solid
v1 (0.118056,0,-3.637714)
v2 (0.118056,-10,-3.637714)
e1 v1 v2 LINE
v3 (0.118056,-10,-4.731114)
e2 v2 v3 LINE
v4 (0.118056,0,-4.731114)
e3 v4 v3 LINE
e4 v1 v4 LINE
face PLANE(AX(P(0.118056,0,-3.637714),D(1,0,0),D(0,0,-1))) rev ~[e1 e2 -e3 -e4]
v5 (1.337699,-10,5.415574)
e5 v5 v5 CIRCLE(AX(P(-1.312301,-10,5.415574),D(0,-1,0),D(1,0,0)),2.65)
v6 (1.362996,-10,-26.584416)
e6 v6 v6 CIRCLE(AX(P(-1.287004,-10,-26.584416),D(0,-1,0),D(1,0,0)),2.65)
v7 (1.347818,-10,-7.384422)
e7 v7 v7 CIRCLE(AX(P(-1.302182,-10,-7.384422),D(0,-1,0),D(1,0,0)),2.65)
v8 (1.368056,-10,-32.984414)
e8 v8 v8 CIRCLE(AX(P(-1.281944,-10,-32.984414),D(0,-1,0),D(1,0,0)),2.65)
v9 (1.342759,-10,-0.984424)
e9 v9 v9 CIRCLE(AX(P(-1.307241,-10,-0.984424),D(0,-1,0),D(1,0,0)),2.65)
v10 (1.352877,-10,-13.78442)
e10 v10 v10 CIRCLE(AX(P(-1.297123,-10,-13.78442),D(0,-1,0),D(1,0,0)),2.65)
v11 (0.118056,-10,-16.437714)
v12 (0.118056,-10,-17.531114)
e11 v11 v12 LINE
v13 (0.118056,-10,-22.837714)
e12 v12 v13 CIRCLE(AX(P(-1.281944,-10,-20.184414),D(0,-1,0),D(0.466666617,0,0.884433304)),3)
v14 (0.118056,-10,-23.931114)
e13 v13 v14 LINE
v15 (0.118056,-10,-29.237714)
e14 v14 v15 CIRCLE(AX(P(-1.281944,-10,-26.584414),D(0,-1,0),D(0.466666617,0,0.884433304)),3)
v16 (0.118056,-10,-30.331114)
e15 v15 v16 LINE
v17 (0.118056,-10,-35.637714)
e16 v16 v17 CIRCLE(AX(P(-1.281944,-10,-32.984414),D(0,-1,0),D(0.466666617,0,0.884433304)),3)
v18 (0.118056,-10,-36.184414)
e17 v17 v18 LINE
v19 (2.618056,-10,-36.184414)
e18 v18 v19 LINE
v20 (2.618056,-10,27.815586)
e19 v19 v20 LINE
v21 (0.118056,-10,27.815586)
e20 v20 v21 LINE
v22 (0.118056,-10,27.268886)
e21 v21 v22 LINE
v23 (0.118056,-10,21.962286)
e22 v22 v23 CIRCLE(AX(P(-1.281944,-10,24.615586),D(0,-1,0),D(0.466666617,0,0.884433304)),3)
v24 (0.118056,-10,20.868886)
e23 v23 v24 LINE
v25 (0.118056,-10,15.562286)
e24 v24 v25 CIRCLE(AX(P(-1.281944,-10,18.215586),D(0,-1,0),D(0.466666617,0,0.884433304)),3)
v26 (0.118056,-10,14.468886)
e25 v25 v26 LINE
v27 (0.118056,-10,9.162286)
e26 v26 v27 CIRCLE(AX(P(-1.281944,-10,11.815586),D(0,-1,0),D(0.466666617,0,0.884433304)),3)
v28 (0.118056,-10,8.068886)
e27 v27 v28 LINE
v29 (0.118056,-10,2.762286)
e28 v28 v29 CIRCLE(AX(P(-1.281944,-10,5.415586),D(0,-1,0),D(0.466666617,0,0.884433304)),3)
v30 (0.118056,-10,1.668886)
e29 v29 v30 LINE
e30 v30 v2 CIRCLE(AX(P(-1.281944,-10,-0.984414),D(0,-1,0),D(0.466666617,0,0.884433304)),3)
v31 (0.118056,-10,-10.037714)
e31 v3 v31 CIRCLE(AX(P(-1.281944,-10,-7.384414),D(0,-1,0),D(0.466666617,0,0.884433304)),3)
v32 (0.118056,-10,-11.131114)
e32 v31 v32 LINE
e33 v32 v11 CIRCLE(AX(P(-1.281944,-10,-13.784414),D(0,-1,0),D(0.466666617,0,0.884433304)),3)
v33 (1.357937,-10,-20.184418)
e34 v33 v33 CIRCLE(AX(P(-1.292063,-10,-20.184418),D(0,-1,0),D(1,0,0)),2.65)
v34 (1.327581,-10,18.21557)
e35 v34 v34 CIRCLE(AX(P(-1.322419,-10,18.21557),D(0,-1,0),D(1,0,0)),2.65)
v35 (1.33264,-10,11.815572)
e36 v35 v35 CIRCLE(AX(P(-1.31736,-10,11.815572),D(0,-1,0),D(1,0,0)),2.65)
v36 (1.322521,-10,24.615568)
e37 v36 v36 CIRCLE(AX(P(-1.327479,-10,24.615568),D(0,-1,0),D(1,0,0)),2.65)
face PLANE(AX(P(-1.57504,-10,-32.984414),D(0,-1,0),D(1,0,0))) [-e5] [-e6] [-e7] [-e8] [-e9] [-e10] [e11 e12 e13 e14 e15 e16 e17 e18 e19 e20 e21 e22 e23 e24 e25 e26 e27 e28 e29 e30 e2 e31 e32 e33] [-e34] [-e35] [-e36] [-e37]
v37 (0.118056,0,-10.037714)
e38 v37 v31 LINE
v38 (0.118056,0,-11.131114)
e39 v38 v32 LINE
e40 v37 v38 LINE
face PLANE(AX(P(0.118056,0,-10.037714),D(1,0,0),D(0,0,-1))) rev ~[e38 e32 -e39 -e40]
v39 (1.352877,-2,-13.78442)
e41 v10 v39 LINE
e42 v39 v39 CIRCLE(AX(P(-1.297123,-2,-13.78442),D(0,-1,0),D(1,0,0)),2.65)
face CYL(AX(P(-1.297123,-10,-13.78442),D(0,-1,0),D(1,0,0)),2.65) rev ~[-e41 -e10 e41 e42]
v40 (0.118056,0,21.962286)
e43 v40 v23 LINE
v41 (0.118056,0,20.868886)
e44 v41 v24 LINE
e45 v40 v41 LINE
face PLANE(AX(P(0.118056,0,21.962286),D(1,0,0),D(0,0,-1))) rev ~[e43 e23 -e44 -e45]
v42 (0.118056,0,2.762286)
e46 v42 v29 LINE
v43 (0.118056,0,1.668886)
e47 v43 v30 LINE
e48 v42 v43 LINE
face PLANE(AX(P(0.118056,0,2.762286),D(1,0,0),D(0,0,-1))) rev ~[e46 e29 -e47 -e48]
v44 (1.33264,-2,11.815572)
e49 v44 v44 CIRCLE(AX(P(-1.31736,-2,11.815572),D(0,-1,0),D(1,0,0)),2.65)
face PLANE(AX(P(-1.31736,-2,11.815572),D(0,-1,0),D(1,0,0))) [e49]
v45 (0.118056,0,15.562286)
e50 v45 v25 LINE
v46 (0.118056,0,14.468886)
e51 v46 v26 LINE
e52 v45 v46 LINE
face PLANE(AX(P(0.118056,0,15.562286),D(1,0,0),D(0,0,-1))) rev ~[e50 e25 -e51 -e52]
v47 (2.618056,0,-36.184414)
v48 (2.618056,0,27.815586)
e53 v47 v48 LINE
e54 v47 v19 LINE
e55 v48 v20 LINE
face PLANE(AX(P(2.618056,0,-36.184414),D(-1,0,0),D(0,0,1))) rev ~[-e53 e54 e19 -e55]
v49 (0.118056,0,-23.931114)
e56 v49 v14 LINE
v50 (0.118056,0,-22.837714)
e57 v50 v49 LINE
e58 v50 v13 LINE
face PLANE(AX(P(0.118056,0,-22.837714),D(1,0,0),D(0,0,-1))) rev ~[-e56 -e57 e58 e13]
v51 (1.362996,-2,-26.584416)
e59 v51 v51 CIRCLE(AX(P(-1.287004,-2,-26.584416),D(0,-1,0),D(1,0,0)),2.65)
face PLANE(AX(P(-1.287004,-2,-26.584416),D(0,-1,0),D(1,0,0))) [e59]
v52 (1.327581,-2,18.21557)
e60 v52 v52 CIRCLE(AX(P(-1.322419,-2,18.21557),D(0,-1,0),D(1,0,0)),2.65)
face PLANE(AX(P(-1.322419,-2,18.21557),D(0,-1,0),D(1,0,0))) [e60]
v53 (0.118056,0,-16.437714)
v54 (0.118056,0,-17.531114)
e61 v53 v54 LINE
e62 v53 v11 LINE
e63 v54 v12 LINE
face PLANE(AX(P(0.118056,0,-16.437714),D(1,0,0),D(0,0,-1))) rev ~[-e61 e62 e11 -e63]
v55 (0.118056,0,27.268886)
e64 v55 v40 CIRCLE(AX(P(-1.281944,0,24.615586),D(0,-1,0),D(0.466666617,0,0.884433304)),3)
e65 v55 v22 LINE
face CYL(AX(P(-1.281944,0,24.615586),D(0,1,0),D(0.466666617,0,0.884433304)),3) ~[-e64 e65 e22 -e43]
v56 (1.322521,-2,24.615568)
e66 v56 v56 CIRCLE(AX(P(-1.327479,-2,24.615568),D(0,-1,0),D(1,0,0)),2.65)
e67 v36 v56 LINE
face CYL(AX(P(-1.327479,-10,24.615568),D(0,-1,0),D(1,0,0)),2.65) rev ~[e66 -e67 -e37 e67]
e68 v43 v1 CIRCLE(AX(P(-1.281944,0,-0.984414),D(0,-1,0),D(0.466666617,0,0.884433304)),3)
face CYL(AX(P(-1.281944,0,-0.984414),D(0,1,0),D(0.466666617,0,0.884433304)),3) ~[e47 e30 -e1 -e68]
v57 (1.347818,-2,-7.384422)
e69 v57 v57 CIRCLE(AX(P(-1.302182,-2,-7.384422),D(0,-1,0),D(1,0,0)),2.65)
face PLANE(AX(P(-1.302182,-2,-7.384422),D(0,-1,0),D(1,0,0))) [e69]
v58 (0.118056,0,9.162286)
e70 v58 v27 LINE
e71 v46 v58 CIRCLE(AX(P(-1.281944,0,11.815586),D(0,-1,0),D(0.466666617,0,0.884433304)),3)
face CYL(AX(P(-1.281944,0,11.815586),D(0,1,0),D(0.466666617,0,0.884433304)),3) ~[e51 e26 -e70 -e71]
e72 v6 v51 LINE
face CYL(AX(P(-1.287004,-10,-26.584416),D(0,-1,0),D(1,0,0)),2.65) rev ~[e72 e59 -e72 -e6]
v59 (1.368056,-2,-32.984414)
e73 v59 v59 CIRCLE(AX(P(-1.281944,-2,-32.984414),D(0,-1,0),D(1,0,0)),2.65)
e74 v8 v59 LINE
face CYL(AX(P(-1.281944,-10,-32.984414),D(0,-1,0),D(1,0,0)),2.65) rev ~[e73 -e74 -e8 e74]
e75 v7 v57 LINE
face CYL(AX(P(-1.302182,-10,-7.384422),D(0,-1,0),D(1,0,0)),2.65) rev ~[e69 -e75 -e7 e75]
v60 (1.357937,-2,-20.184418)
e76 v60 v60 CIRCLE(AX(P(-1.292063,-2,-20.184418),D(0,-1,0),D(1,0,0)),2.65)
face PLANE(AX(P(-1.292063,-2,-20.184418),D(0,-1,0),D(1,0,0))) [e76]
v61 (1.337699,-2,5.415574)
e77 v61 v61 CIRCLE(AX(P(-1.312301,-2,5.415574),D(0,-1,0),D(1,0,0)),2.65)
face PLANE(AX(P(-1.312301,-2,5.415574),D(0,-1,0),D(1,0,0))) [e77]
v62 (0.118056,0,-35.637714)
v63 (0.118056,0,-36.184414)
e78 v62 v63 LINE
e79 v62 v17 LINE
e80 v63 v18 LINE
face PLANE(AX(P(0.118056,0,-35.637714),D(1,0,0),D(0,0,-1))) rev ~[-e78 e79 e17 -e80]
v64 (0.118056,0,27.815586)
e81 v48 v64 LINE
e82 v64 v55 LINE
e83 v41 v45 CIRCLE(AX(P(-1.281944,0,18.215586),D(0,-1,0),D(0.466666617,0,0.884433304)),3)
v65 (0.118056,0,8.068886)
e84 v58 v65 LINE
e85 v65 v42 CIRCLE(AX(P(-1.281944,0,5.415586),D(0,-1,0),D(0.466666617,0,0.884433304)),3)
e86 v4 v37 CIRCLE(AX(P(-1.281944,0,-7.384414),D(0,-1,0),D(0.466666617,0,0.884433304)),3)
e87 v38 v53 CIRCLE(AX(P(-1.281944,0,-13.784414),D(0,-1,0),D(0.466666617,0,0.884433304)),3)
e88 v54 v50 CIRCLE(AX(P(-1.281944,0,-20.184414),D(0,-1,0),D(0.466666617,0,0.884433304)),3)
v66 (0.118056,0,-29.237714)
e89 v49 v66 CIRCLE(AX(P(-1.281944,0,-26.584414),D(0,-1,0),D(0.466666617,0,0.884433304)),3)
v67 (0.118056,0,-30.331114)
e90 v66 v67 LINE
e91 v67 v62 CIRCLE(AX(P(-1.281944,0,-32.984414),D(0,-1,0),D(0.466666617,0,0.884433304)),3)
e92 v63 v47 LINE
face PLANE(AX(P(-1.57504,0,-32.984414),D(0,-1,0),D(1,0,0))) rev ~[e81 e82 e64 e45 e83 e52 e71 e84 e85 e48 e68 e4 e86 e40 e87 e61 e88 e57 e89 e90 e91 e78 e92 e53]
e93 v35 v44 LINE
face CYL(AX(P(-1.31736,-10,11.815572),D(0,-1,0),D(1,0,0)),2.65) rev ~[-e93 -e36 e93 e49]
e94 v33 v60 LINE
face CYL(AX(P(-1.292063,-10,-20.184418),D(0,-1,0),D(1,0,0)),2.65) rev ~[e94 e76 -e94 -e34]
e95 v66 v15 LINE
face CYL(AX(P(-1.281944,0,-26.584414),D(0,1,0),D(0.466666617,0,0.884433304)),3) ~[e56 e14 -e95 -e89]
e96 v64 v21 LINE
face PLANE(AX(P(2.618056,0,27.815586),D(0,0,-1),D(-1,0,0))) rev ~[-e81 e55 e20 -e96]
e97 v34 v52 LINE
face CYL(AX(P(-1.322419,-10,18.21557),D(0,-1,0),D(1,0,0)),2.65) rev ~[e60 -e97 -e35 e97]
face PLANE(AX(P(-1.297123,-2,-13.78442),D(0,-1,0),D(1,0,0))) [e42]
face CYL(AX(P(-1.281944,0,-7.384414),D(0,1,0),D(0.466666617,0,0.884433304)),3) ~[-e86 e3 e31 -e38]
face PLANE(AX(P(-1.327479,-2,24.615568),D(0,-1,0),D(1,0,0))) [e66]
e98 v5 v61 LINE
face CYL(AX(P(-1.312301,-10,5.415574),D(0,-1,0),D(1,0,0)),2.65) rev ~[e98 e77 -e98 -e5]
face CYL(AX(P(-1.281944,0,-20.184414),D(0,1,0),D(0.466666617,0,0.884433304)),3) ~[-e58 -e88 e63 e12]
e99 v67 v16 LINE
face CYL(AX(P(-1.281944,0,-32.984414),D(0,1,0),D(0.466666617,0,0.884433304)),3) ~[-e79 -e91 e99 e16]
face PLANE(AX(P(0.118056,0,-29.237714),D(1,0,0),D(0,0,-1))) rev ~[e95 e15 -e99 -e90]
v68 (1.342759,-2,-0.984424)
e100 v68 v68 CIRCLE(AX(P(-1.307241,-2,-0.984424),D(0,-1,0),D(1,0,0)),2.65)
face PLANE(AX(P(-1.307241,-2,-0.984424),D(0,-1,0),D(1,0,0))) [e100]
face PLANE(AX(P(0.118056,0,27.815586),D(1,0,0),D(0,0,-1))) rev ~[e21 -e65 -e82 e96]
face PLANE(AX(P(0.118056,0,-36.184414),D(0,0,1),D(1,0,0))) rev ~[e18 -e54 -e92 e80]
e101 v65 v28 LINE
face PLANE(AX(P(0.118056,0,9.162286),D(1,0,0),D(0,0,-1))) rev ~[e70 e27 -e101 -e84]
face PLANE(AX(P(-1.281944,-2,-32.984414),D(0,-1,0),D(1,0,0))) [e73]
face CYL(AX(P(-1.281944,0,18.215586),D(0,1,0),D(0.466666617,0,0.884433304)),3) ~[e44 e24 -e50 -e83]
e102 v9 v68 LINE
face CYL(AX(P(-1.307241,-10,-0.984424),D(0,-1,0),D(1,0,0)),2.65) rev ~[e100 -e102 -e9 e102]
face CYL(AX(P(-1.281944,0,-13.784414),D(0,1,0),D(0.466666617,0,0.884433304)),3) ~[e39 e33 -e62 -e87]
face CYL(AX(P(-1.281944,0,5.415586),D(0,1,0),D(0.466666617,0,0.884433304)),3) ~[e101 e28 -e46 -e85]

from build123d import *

# Parameters (mm, degrees)
F1_DEPTH = 10
F2_R     = 2.65
F3_DEPTH = 8


with BuildPart() as f1:
    # F0 (on Front) → F1 (new body)
    with BuildSketch(Plane.XZ):
        with BuildLine():
            ThreePointArc((0.118056, -30.331114), (-4.281944, -32.984414), (0.118056, -35.637714))
            Line((0.118056, -35.637714), (0.118056, -30.331114))
        make_face()
        with BuildLine():
            ThreePointArc((0.118056, -17.531114), (-4.281944, -20.184414), (0.118056, -22.837714))
            Line((0.118056, -22.837714), (0.118056, -17.531114))
        make_face()
        with BuildLine():
            ThreePointArc((0.118056, 27.268886), (1.287102, 26.164779), (1.718056, 24.615586))
            ThreePointArc((1.718056, 24.615586), (1.287102, 23.066393), (0.118056, 21.962286))
            Line((0.118056, 21.962286), (0.118056, 20.868886))
            ThreePointArc((0.118056, 20.868886), (1.287102, 19.764779), (1.718056, 18.215586))
            ThreePointArc((1.718056, 18.215586), (1.287102, 16.666393), (0.118056, 15.562286))
            Line((0.118056, 15.562286), (0.118056, 14.468886))
            ThreePointArc((0.118056, 14.468886), (1.287102, 13.364779), (1.718056, 11.815586))
            ThreePointArc((1.718056, 11.815586), (1.287102, 10.266393), (0.118056, 9.162286))
            Line((0.118056, 9.162286), (0.118056, 8.068886))
            ThreePointArc((0.118056, 8.068886), (1.287102, 6.964779), (1.718056, 5.415586))
            ThreePointArc((1.718056, 5.415586), (1.287102, 3.866393), (0.118056, 2.762286))
            Line((0.118056, 2.762286), (0.118056, 1.668886))
            ThreePointArc((0.118056, 1.668886), (1.287102, 0.564779), (1.718056, -0.984414))
            ThreePointArc((1.718056, -0.984414), (1.287102, -2.533607), (0.118056, -3.637714))
            Line((0.118056, -3.637714), (0.118056, -4.731114))
            ThreePointArc((0.118056, -4.731114), (1.287102, -5.835221), (1.718056, -7.384414))
            ThreePointArc((1.718056, -7.384414), (1.287102, -8.933607), (0.118056, -10.037714))
            Line((0.118056, -10.037714), (0.118056, -11.131114))
            ThreePointArc((0.118056, -11.131114), (1.287102, -12.235221), (1.718056, -13.784414))
            ThreePointArc((1.718056, -13.784414), (1.287102, -15.333607), (0.118056, -16.437714))
            Line((0.118056, -16.437714), (0.118056, -17.531114))
            ThreePointArc((0.118056, -17.531114), (1.287102, -18.635221), (1.718056, -20.184414))
            ThreePointArc((1.718056, -20.184414), (1.287102, -21.733607), (0.118056, -22.837714))
            Line((0.118056, -22.837714), (0.118056, -23.931114))
            ThreePointArc((0.118056, -23.931114), (1.287102, -25.035221), (1.718056, -26.584414))
            ThreePointArc((1.718056, -26.584414), (1.287102, -28.133607), (0.118056, -29.237714))
            Line((0.118056, -29.237714), (0.118056, -30.331114))
            ThreePointArc((0.118056, -30.331114), (1.287102, -31.435221), (1.718056, -32.984414))
            ThreePointArc((1.718056, -32.984414), (1.287102, -34.533607), (0.118056, -35.637714))
            Line((0.118056, -35.637714), (0.118056, -36.184414))
            Line((0.118056, -36.184414), (2.618056, -36.184414))
            Line((2.618056, -36.184414), (2.618056, 27.815586))
            Line((2.618056, 27.815586), (0.118056, 27.815586))
            Line((0.118056, 27.815586), (0.118056, 27.268886))
        make_face()
        with BuildLine():
            Line((0.118056, -10.037714), (0.118056, -4.731114))
            ThreePointArc((0.118056, -4.731114), (-4.281944, -7.384414), (0.118056, -10.037714))
        make_face()
        with BuildLine():
            ThreePointArc((0.118056, -23.931114), (-4.281944, -26.584414), (0.118056, -29.237714))
            Line((0.118056, -29.237714), (0.118056, -23.931114))
        make_face()
        with BuildLine():
            Line((0.118056, 2.762286), (0.118056, 8.068886))
            ThreePointArc((0.118056, 8.068886), (-4.281944, 5.415586), (0.118056, 2.762286))
        make_face()
        with BuildLine():
            ThreePointArc((0.118056, -11.131114), (-4.281944, -13.784414), (0.118056, -16.437714))
            Line((0.118056, -16.437714), (0.118056, -11.131114))
        make_face()
        with BuildLine():
            Line((0.118056, -3.637714), (0.118056, 1.668886))
            ThreePointArc((0.118056, 1.668886), (-4.281944, -0.984414), (0.118056, -3.637714))
        make_face()
        with BuildLine():
            ThreePointArc((0.118056, 21.962286), (1.287102, 23.066393), (1.718056, 24.615586))
            ThreePointArc((1.718056, 24.615586), (1.287102, 26.164779), (0.118056, 27.268886))
            Line((0.118056, 27.268886), (0.118056, 21.962286))
        make_face()
        with BuildLine():
            ThreePointArc((1.718056, 18.215586), (1.287102, 19.764779), (0.118056, 20.868886))
            Line((0.118056, 20.868886), (0.118056, 15.562286))
            ThreePointArc((0.118056, 15.562286), (1.287102, 16.666393), (1.718056, 18.215586))
        make_face()
        with BuildLine():
            ThreePointArc((1.718056, 11.815586), (1.287102, 13.364779), (0.118056, 14.468886))
            Line((0.118056, 14.468886), (0.118056, 9.162286))
            ThreePointArc((0.118056, 9.162286), (1.287102, 10.266393), (1.718056, 11.815586))
        make_face()
        with BuildLine():
            ThreePointArc((1.718056, 5.415586), (1.287102, 6.964779), (0.118056, 8.068886))
            Line((0.118056, 8.068886), (0.118056, 2.762286))
            ThreePointArc((0.118056, 2.762286), (1.287102, 3.866393), (1.718056, 5.415586))
        make_face()
        with BuildLine():
            ThreePointArc((1.718056, -0.984414), (1.287102, 0.564779), (0.118056, 1.668886))
            Line((0.118056, 1.668886), (0.118056, -3.637714))
            ThreePointArc((0.118056, -3.637714), (1.287102, -2.533607), (1.718056, -0.984414))
        make_face()
        with BuildLine():
            ThreePointArc((1.718056, -7.384414), (1.287102, -5.835221), (0.118056, -4.731114))
            Line((0.118056, -4.731114), (0.118056, -10.037714))
            ThreePointArc((0.118056, -10.037714), (1.287102, -8.933607), (1.718056, -7.384414))
        make_face()
        with BuildLine():
            Line((0.118056, -11.131114), (0.118056, -16.437714))
            ThreePointArc((0.118056, -16.437714), (1.287102, -15.333607), (1.718056, -13.784414))
            ThreePointArc((1.718056, -13.784414), (1.287102, -12.235221), (0.118056, -11.131114))
        make_face()
        with BuildLine():
            Line((0.118056, -17.531114), (0.118056, -22.837714))
            ThreePointArc((0.118056, -22.837714), (1.287102, -21.733607), (1.718056, -20.184414))
            ThreePointArc((1.718056, -20.184414), (1.287102, -18.635221), (0.118056, -17.531114))
        make_face()
        with BuildLine():
            Line((0.118056, -23.931114), (0.118056, -29.237714))
            ThreePointArc((0.118056, -29.237714), (1.287102, -28.133607), (1.718056, -26.584414))
            ThreePointArc((1.718056, -26.584414), (1.287102, -25.035221), (0.118056, -23.931114))
        make_face()
        with BuildLine():
            Line((0.118056, -30.331114), (0.118056, -35.637714))
            ThreePointArc((0.118056, -35.637714), (1.287102, -34.533607), (1.718056, -32.984414))
            ThreePointArc((1.718056, -32.984414), (1.287102, -31.435221), (0.118056, -30.331114))
        make_face()
        with BuildLine():
            Line((0.118056, 21.962286), (0.118056, 27.268886))
            ThreePointArc((0.118056, 27.268886), (-4.281944, 24.615586), (0.118056, 21.962286))
        make_face()
        with BuildLine():
            Line((0.118056, 15.562286), (0.118056, 20.868886))
            ThreePointArc((0.118056, 20.868886), (-4.281944, 18.215586), (0.118056, 15.562286))
        make_face()
        with BuildLine():
            Line((0.118056, 9.162286), (0.118056, 14.468886))
            ThreePointArc((0.118056, 14.468886), (-4.281944, 11.815586), (0.118056, 9.162286))
        make_face()
    extrude(amount=F1_DEPTH)

    # F2 (on face) → F3 (cut)
    with BuildSketch(Plane.XZ.offset(10)):
        with Locations((-1.281944, -32.984414)):
            Circle(F2_R)
        with Locations((-1.287004, -26.584416)):
            Circle(F2_R)
        with Locations((-1.292063, -20.184418)):
            Circle(F2_R)
        with Locations((-1.297123, -13.78442)):
            Circle(F2_R)
        with Locations((-1.302182, -7.384422)):
            Circle(F2_R)
        with Locations((-1.307241, -0.984424)):
            Circle(F2_R)
        with Locations((-1.312301, 5.415574)):
            Circle(F2_R)
        with Locations((-1.31736, 11.815572)):
            Circle(F2_R)
        with Locations((-1.322419, 18.21557)):
            Circle(F2_R)
        with Locations((-1.327479, 24.615568)):
            Circle(F2_R)
    extrude(amount=-F3_DEPTH, mode=Mode.SUBTRACT)


solid = f1.part
